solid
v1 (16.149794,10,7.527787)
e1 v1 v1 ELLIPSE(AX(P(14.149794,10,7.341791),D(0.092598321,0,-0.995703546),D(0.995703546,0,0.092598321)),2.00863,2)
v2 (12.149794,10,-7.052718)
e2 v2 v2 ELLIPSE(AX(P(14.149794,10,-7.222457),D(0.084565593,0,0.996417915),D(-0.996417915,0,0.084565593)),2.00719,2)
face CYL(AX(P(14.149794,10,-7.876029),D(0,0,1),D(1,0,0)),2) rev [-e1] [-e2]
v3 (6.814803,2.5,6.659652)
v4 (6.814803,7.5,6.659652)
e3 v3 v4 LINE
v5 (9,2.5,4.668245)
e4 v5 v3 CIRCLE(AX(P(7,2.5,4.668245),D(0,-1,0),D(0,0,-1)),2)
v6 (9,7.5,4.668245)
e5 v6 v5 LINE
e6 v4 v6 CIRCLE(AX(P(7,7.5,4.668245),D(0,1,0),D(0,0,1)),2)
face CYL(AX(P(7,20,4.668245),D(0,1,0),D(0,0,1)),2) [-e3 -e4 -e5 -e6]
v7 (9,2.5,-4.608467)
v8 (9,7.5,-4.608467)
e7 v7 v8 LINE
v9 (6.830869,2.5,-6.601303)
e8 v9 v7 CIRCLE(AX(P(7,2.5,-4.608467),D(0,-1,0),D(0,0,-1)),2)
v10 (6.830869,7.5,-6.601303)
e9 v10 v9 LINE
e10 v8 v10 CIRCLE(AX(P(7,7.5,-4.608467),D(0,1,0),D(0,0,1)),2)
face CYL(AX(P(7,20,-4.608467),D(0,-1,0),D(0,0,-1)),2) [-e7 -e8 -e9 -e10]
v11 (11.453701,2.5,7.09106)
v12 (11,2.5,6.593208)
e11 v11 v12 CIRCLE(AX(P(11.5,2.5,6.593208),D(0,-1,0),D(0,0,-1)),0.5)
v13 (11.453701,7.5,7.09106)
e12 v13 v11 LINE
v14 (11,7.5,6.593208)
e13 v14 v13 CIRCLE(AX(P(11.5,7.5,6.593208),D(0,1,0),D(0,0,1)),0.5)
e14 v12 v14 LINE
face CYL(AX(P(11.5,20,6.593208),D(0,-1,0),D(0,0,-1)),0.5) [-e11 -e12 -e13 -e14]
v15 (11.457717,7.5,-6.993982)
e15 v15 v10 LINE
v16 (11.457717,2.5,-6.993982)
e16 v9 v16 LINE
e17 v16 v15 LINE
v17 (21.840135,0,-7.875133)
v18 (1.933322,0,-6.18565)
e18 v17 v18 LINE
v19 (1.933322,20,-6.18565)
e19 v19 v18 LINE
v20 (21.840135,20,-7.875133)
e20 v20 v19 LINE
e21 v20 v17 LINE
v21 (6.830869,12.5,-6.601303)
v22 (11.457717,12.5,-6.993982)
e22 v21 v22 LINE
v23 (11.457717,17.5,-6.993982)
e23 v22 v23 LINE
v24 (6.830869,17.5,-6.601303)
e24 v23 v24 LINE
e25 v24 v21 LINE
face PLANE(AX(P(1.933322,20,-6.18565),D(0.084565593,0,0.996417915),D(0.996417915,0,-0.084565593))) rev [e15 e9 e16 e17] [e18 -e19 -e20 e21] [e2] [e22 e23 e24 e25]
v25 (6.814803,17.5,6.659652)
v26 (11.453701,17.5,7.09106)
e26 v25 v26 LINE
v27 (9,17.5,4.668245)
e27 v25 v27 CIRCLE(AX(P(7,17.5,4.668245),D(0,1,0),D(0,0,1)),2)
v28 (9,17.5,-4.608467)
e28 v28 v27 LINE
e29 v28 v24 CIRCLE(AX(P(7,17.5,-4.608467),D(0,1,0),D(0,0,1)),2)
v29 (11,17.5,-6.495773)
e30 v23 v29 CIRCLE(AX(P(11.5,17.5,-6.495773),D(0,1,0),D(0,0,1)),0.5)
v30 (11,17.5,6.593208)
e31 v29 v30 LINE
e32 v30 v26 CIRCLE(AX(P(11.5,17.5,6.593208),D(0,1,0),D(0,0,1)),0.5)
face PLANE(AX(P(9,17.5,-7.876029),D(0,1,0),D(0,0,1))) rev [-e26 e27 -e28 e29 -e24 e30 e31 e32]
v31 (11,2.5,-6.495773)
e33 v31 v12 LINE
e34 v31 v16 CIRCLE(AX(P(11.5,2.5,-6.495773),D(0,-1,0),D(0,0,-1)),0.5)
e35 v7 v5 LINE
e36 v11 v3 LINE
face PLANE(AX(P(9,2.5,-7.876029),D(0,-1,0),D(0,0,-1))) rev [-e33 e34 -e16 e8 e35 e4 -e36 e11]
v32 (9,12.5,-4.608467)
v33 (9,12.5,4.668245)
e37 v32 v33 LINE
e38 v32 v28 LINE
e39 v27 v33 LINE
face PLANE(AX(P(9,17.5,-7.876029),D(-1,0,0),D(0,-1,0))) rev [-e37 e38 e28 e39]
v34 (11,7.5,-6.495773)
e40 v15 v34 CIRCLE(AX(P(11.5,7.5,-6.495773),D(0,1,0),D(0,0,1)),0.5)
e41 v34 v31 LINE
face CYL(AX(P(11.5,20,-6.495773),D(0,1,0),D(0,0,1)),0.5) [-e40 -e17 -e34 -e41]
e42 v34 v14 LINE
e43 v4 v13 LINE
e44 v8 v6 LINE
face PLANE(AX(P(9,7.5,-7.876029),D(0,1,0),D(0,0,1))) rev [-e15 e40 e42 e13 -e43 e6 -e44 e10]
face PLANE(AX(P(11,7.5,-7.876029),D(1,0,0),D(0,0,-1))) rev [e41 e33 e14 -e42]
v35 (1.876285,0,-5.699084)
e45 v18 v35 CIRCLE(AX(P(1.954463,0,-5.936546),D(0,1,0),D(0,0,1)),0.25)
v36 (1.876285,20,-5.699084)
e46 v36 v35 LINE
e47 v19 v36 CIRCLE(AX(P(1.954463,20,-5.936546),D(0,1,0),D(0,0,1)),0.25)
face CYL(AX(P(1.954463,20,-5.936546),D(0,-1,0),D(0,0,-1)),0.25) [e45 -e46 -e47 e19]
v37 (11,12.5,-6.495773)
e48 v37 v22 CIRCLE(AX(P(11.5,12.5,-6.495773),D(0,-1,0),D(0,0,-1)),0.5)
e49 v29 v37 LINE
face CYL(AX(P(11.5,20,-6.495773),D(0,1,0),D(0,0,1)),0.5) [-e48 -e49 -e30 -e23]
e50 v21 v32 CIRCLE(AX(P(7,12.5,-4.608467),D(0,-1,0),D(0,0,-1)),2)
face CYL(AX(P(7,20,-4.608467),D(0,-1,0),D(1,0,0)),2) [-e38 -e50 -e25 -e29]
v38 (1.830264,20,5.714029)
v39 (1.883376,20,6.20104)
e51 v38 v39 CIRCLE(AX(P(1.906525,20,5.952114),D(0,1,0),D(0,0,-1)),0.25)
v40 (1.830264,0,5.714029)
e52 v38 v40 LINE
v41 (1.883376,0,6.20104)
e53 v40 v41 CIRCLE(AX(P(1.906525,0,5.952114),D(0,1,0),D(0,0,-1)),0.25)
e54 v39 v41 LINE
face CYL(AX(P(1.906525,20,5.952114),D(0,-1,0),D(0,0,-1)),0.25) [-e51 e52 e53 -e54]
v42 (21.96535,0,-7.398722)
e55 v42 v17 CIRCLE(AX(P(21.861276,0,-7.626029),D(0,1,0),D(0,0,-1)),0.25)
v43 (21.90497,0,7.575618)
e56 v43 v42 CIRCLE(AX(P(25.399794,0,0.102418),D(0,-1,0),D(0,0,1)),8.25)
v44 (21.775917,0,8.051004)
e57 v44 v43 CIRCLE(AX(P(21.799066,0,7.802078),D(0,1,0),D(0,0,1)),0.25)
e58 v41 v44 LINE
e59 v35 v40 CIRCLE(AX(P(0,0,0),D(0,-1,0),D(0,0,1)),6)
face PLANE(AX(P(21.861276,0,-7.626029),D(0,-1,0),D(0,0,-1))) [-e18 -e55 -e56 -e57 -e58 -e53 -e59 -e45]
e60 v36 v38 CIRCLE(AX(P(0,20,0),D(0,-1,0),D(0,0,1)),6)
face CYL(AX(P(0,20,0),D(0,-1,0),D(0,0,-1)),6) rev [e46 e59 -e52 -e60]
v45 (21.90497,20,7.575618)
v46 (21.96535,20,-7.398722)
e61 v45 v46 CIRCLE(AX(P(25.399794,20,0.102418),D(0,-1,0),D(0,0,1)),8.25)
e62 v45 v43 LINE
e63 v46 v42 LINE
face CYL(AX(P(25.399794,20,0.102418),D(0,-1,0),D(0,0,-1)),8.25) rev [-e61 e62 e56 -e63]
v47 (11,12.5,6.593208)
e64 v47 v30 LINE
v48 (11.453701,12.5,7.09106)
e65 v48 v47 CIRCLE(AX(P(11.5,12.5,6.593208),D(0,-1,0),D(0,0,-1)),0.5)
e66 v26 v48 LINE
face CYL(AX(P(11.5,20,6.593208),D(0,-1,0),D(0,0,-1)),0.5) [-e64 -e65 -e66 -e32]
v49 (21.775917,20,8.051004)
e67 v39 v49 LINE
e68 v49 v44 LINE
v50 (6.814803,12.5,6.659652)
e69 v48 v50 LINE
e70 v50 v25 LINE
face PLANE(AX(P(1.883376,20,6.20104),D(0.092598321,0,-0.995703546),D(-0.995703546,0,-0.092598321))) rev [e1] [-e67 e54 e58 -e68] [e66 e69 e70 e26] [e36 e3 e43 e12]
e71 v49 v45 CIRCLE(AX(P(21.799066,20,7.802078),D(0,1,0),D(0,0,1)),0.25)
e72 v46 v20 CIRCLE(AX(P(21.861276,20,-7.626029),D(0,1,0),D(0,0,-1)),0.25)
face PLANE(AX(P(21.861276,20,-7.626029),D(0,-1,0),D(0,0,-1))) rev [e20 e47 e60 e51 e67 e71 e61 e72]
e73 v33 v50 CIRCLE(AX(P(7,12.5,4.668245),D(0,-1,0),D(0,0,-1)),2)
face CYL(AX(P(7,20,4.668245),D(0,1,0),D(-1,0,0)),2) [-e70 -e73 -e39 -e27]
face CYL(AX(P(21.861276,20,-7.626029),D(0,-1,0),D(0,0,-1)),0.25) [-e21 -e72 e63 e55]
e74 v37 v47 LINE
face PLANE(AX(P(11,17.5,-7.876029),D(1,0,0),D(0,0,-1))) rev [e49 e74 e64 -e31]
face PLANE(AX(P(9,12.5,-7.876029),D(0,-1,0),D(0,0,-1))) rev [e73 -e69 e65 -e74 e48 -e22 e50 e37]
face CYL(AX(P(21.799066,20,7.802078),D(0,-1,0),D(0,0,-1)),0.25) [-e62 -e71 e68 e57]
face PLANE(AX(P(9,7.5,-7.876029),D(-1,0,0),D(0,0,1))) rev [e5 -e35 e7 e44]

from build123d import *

# Parameters (mm, degrees)
BOSS_EXTRUDE1_DEPTH     = 20
CUT_EXTRUDE1_DEPTH      = 31.882754065
CUT_EXTRUDE1_DEPTH_BACK = 31.882754065
SKETCH2_R               = 2
SKETCH2_W               = 2
SKETCH2_H               = 5
FILLET1_R               = 2
FILLET2_R               = 0.5


with BuildPart() as part:
    # Sketch1 → Boss-Extrude1 (new body)
    with BuildSketch(Plane(origin=(0, 0, 0), x_dir=(1, 0, 0), z_dir=(0, 1, 0))):
        with BuildLine():
            Line((1.933321902, 6.18565004), (21.840134803, 7.875133355))
            ThreePointArc((21.840134803, 7.875133355), (22.103064319, 7.689578117), (21.96535024, 7.398721607))
            ThreePointArc((21.96535024, 7.398721607), (17.149860581, -0.069152491), (21.904969991, -7.575617618))
            ThreePointArc((21.904969991, -7.575617618), (22.040334019, -7.867575246), (21.775916667, -8.051004091))
            Line((21.775916667, -8.051004091), (1.883375697, -6.201039912))
            ThreePointArc((1.883375697, -6.201039912), (1.657998799, -5.979217339), (1.830264266, -5.714029464))
            ThreePointArc((1.830264266, -5.714029464), (5.999951224, -0.024193291), (1.876284769, 5.699083739))
            ThreePointArc((1.876284769, 5.699083739), (1.706163475, 5.965652202), (1.933321902, 6.18565004))
        make_face()
    extrude(amount=BOSS_EXTRUDE1_DEPTH)

    # Sketch2 → Cut-Extrude1 (cut, two sides: drawn at the far end of the back side and taken through both)
    with BuildSketch(Plane.XY.offset(-CUT_EXTRUDE1_DEPTH_BACK)):
        with Locations((14.149793513, 10)):
            Circle(SKETCH2_R)
        with Locations((10, 15)):
            Rectangle(SKETCH2_W, SKETCH2_H)
        with Locations((10, 5)):
            Rectangle(SKETCH2_W, SKETCH2_H)
    extrude(amount=CUT_EXTRUDE1_DEPTH + CUT_EXTRUDE1_DEPTH_BACK, mode=Mode.SUBTRACT)

    # Fillet1
    fillet1_edges = [part.edges().sort_by_distance(p)[0] for p in [
        (9, 5, 6.862870899),
        (9, 15, 6.862870899),
        (9, 15, -6.785396207),
        (9, 5, -6.785396207),
    ]]
    fillet(fillet1_edges, radius=FILLET1_R)

    # Fillet2
    fillet2_edges = [part.edges().sort_by_distance(p)[0] for p in [
        (11, 5, 7.048866663),
        (11, 15, 7.048866663),
        (11, 15, -6.955135414),
        (11, 5, -6.955135414),
    ]]
    fillet(fillet2_edges, radius=FILLET2_R)


solid = part.part
